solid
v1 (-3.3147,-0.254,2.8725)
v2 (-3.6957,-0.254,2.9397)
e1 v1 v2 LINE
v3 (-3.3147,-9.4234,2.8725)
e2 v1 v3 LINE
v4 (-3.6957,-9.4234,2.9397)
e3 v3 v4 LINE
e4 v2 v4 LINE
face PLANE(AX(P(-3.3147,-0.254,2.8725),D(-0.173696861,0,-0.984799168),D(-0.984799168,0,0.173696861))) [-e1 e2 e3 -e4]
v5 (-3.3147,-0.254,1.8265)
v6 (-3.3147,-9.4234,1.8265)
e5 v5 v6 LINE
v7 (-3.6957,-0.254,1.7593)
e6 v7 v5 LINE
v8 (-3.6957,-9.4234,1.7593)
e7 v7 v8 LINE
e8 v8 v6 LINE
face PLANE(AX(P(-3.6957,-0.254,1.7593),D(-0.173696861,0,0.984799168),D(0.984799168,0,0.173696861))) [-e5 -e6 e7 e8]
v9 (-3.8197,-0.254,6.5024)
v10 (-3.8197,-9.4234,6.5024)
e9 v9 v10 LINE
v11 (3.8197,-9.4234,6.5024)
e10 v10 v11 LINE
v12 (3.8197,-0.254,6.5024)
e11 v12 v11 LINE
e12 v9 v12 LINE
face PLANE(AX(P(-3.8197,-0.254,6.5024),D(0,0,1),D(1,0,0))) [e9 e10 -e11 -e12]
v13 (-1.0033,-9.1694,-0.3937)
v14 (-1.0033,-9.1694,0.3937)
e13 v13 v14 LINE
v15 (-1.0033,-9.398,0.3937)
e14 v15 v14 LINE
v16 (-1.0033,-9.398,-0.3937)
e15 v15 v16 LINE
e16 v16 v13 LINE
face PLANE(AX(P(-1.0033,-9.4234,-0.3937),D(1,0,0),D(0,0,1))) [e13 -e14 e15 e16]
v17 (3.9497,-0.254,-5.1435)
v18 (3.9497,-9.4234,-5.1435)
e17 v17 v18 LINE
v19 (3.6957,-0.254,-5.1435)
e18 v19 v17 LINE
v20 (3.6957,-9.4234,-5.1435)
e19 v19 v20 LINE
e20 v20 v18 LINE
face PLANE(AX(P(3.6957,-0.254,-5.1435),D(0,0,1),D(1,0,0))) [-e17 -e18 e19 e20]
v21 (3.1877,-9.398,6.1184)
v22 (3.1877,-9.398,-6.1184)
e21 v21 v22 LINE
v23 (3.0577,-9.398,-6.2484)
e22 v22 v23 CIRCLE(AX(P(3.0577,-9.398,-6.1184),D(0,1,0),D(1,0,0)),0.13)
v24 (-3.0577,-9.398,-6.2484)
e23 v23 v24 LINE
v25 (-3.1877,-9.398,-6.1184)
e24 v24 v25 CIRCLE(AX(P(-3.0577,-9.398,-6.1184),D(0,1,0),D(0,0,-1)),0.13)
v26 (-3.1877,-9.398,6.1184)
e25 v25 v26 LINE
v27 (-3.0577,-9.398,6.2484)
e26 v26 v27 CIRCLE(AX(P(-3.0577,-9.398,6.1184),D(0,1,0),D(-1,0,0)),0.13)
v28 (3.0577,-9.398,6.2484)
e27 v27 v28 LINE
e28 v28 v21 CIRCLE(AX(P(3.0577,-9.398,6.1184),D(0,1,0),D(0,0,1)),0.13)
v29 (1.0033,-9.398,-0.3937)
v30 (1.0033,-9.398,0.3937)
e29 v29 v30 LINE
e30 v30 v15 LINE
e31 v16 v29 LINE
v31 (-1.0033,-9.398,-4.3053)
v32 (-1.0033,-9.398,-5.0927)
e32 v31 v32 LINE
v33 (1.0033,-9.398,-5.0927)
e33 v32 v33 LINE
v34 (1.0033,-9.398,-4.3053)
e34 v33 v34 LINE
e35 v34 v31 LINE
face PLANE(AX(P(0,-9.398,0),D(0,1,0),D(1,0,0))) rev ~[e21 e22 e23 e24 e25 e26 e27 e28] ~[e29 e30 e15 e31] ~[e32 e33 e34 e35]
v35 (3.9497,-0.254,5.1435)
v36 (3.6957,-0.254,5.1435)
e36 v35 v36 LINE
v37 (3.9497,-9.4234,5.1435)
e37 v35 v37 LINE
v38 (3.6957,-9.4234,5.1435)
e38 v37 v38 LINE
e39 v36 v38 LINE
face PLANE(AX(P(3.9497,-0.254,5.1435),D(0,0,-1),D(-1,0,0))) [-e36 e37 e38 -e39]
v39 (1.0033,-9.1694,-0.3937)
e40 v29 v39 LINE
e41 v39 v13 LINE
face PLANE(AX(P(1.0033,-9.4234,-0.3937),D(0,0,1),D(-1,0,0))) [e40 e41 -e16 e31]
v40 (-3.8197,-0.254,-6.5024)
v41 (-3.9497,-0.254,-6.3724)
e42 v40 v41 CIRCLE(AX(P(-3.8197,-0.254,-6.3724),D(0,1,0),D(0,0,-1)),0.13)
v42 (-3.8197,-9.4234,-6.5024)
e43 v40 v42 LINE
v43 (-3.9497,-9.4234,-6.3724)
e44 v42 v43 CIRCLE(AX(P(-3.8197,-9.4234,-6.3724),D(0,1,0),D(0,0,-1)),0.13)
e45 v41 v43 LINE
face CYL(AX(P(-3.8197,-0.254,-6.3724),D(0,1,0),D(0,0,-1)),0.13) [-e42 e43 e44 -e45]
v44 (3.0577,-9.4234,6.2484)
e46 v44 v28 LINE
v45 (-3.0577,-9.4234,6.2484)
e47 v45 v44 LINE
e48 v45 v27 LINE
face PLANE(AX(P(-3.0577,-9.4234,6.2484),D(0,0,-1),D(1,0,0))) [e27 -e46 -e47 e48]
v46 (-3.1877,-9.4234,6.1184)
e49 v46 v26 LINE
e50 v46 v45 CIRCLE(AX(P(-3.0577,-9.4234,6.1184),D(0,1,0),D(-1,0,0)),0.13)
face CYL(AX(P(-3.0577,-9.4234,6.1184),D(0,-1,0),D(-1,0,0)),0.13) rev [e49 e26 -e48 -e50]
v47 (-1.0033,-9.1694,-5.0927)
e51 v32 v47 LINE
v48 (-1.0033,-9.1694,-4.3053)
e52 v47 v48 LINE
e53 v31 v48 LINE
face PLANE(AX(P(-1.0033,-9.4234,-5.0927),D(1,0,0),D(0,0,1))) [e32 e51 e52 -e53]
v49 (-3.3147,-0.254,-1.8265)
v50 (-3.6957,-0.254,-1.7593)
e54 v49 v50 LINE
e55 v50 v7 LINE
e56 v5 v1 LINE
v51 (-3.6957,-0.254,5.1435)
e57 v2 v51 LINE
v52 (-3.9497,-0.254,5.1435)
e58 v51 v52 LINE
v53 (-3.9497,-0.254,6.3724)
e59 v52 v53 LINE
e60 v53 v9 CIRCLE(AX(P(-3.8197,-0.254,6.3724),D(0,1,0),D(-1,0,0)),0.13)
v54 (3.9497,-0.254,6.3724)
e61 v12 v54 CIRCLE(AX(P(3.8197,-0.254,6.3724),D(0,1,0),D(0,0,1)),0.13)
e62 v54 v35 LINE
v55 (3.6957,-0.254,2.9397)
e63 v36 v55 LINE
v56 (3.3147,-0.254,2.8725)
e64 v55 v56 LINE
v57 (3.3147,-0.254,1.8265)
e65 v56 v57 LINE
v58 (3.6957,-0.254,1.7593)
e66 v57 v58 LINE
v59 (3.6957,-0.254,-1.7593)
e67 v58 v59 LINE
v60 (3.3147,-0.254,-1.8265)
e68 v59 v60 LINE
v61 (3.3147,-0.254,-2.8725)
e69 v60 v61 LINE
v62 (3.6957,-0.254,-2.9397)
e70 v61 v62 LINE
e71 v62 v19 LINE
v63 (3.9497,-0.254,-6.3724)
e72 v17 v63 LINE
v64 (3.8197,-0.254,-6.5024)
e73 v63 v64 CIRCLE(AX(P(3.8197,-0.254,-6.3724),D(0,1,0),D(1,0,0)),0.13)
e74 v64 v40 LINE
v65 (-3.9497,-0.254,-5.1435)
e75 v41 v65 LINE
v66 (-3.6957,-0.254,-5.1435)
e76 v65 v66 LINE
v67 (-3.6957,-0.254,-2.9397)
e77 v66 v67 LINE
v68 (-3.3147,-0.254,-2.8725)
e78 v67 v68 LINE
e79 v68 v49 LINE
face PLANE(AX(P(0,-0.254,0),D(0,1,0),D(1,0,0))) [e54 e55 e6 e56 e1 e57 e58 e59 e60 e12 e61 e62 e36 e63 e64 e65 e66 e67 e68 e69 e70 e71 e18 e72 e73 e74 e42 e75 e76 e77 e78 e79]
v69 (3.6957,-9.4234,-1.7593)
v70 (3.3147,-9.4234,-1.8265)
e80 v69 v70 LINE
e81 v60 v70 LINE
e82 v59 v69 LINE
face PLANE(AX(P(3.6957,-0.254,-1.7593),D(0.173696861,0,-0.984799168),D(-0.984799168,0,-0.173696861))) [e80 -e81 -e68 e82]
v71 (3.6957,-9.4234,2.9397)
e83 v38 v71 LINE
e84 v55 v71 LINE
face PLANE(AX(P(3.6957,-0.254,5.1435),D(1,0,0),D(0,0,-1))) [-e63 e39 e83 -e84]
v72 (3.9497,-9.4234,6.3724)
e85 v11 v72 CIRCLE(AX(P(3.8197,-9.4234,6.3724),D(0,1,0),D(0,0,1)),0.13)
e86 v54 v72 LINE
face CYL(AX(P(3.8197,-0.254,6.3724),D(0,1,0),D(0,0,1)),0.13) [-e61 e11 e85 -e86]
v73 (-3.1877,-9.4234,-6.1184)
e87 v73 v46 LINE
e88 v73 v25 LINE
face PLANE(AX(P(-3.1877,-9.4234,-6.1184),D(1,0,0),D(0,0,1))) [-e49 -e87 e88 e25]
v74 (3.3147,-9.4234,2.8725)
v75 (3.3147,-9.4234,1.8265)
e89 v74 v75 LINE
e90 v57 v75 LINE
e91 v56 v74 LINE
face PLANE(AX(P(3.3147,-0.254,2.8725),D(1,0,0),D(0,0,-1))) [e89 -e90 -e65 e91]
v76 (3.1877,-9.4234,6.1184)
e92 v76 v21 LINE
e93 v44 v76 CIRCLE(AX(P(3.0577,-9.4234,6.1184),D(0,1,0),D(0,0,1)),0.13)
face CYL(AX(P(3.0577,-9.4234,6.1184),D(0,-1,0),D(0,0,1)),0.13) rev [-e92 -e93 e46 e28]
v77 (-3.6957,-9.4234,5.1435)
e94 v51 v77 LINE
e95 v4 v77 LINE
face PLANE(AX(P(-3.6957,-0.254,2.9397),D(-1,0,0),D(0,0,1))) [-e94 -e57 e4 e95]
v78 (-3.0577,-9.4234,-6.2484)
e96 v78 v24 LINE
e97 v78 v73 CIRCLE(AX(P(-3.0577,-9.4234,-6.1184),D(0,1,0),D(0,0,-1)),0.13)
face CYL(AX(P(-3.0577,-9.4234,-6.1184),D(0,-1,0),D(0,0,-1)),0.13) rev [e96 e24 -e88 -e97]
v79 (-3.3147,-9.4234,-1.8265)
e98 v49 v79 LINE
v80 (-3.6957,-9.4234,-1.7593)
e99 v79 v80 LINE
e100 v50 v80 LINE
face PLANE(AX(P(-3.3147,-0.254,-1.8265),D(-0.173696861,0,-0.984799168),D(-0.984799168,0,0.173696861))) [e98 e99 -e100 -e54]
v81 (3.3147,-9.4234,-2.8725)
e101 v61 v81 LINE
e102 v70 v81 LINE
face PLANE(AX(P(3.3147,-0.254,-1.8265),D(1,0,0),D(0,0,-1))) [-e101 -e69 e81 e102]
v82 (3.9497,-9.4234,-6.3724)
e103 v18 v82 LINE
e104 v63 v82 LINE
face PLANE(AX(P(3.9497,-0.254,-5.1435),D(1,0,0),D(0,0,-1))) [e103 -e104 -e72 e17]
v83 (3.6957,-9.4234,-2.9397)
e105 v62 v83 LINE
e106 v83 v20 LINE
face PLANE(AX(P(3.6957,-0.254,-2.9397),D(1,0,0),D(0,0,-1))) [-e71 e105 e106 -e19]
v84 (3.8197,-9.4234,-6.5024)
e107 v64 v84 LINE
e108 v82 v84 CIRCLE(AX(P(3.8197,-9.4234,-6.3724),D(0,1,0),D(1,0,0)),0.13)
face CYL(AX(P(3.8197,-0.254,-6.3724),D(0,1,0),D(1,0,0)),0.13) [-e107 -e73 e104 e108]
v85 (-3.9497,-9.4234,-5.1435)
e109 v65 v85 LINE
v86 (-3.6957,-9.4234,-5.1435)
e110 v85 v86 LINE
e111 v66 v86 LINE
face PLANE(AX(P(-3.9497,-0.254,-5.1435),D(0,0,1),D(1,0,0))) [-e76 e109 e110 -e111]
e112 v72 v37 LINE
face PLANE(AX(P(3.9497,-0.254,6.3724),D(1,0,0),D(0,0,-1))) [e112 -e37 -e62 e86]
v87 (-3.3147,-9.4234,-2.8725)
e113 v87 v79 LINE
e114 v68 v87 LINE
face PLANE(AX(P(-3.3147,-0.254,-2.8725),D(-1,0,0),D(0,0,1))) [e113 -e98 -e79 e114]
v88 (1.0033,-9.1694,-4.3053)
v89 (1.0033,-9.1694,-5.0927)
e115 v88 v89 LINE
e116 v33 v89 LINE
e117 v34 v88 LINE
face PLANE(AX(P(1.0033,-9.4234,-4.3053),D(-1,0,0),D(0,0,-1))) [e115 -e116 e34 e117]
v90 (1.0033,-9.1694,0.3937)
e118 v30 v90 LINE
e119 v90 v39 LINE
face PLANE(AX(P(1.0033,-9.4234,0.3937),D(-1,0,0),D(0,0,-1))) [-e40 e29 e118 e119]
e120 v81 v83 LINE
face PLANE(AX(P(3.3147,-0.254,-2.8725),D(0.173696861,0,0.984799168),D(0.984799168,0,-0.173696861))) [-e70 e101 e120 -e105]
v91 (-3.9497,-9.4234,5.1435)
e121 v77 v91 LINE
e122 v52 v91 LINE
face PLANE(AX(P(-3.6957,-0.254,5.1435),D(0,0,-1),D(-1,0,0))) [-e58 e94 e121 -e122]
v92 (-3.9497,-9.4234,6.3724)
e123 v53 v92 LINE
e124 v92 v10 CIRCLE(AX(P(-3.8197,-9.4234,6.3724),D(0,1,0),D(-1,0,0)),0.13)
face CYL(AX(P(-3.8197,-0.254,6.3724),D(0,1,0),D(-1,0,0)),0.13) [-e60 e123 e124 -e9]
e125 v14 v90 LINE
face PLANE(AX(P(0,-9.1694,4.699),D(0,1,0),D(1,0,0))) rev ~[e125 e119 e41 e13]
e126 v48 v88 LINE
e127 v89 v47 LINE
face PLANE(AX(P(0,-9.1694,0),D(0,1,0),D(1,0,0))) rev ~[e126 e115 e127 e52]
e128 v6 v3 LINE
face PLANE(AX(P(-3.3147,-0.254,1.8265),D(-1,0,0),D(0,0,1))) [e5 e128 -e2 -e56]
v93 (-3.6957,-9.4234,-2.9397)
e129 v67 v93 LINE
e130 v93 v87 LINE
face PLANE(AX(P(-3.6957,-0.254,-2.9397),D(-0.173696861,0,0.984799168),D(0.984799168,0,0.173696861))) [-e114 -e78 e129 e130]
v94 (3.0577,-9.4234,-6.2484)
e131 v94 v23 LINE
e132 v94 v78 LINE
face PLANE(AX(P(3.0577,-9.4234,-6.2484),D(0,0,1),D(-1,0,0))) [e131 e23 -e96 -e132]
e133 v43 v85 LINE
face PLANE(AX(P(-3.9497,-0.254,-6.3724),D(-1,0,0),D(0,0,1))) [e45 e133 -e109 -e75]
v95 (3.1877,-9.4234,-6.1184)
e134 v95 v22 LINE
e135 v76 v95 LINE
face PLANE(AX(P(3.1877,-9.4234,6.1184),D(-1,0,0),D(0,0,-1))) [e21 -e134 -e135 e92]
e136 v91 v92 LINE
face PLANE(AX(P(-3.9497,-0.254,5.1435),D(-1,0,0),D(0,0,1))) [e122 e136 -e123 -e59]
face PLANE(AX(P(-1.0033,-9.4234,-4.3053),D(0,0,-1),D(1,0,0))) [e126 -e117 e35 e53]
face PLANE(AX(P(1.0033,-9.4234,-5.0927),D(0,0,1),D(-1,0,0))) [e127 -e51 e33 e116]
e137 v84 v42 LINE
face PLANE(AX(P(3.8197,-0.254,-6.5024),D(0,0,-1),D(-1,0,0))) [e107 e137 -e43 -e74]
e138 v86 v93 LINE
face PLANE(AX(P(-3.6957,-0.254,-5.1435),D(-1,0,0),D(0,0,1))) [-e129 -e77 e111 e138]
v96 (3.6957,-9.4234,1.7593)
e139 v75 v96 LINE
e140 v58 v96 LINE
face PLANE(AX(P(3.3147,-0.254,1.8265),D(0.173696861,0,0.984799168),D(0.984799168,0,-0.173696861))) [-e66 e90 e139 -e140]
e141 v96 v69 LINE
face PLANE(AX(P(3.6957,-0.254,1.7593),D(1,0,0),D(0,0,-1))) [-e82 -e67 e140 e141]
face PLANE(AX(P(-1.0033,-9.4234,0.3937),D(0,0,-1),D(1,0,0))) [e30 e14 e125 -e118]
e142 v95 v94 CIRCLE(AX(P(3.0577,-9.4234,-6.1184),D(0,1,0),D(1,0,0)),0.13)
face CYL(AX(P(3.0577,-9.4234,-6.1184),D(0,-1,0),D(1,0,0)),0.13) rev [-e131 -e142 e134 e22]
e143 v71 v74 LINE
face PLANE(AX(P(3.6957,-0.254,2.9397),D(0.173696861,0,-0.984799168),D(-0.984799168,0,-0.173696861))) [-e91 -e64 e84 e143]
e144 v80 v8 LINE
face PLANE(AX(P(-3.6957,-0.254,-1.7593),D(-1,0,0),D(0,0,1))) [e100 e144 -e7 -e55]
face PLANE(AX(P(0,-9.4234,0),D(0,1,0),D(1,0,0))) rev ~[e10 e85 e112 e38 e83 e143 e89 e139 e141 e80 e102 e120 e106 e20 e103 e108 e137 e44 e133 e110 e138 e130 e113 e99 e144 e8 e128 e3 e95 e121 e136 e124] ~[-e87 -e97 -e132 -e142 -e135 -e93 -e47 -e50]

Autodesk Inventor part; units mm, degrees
sketch "Sketch_2" plane through (0, -0.254, 0) normal (0, 1, 0) x (1, 0, 0)
  line L0 (-3.9497, -5.1435) -> (-3.9497, -6.3724)
  arc A0 (-3.9497, -6.3724) -> (-3.8197, -6.5024) centre (-3.8197, -6.3724) ccw
  line L1 (-3.8197, -6.5024) -> (3.8197, -6.5024)
  arc A1 (3.8197, -6.5024) -> (3.9497, -6.3724) centre (3.8197, -6.3724) ccw
  line L2 (3.9497, -6.3724) -> (3.9497, -5.1435)
  line L3 (3.9497, -5.1435) -> (3.6957, -5.1435)
  line L4 (3.6957, -5.1435) -> (3.6957, -2.9397)
  line L5 (3.6957, -2.9397) -> (3.3147, -2.8725)
  line L6 (3.3147, -2.8725) -> (3.3147, -1.8265)
  line L7 (3.3147, -1.8265) -> (3.6957, -1.7593)
  line L8 (3.6957, -1.7593) -> (3.6957, 1.7593)
  line L9 (3.6957, 1.7593) -> (3.3147, 1.8265)
  line L10 (3.3147, 1.8265) -> (3.3147, 2.8725)
  line L11 (3.3147, 2.8725) -> (3.6957, 2.9397)
  line L12 (3.6957, 2.9397) -> (3.6957, 5.1435)
  line L13 (3.6957, 5.1435) -> (3.9497, 5.1435)
  line L14 (3.9497, 5.1435) -> (3.9497, 6.3724)
  arc A2 (3.9497, 6.3724) -> (3.8197, 6.5024) centre (3.8197, 6.3724) ccw
  line L15 (3.8197, 6.5024) -> (-3.8197, 6.5024)
  arc A3 (-3.8197, 6.5024) -> (-3.9497, 6.3724) centre (-3.8197, 6.3724) ccw
  line L16 (-3.9497, 6.3724) -> (-3.9497, 5.1435)
  line L17 (-3.9497, 5.1435) -> (-3.6957, 5.1435)
  line L18 (-3.6957, 5.1435) -> (-3.6957, 2.9397)
  line L19 (-3.6957, 2.9397) -> (-3.3147, 2.8725)
  line L20 (-3.3147, 2.8725) -> (-3.3147, 1.8265)
  line L21 (-3.3147, 1.8265) -> (-3.6957, 1.7593)
  line L22 (-3.6957, 1.7593) -> (-3.6957, -1.7593)
  line L23 (-3.6957, -1.7593) -> (-3.3147, -1.8265)
  line L24 (-3.3147, -1.8265) -> (-3.3147, -2.8725)
  line L25 (-3.3147, -2.8725) -> (-3.6957, -2.9397)
  line L26 (-3.6957, -2.9397) -> (-3.6957, -5.1435)
  line L27 (-3.6957, -5.1435) -> (-3.9497, -5.1435)
extrude "Extrusion1" add sketch "Sketch_2" against normal blind 9.1694
sketch "Sketch_1" plane through (0, -9.4234, 0) normal (0, 1, 0) x (1, 0, 0)
  line L0 (-3.1877, 6.1184) -> (-3.1877, -6.1184)
  arc A0 (-3.1877, -6.1184) -> (-3.0577, -6.2484) centre (-3.0577, -6.1184) ccw
  line L1 (-3.0577, -6.2484) -> (3.0577, -6.2484)
  arc A1 (3.0577, -6.2484) -> (3.1877, -6.1184) centre (3.0577, -6.1184) ccw
  line L2 (3.1877, -6.1184) -> (3.1877, 6.1184)
  arc A2 (3.1877, 6.1184) -> (3.0577, 6.2484) centre (3.0577, 6.1184) ccw
  line L3 (3.0577, 6.2484) -> (-3.0577, 6.2484)
  arc A3 (-3.0577, 6.2484) -> (-3.1877, 6.1184) centre (-3.0577, 6.1184) ccw
extrude "Extrusion2" cut sketch "Sketch_1" along normal blind 0.0254
sketch "Sketch_7" plane through (0, -9.4234, 0) normal (0, 1, 0) x (1, 0, 0)
  line L0 (-1.0033, 5.0927) -> (-1.0033, 4.3053)
  line L1 (-1.0033, 4.3053) -> (1.0033, 4.3053)
  line L2 (1.0033, 4.3053) -> (1.0033, 5.0927)
  line L3 (1.0033, 5.0927) -> (-1.0033, 5.0927)
extrude "Extrusion3" cut sketch "Sketch_7" along normal blind 0.254
pattern_linear "Rectangular Pattern1" count 2 spacing 4.699 along (0, 0, 1) of "Extrusion3"
ref_plane "rot_XY" through (0, 6.6675, 0) normal (1, 0, 0) x (0, 0, -1)
ref_plane "rot_YZ" through (0, 6.6675, 0) normal (0, 0, -1) x (0, 1, 0)
ref_plane "rot_ZX" through (0, 6.6675, 0) normal (0, 1, 0) x (1, 0, 0)
ref_plane "to_cover_XY" through (0, -0.254, 0) normal (0, 1, 0) x (1, 0, 0)
ref_plane "to_cover_YZ" through (0, -0.254, 0) normal (1, 0, 0) x (0, 0, -1)
ref_plane "to_cover_ZX" through (0, -0.254, 0) normal (0, 0, -1) x (0, 1, 0)
ref_plane "to_terminals_XY" through (0, -9.4234, 0) normal (0, 1, 0) x (1, 0, 0)
ref_plane "to_terminals_YZ" through (0, -9.4234, 0) normal (1, 0, 0) x (0, 0, -1)
ref_plane "to_terminals_ZX" through (0, -9.4234, 0) normal (0, 0, -1) x (0, 1, 0)
properties part number "M20111SS1W01-switch"
